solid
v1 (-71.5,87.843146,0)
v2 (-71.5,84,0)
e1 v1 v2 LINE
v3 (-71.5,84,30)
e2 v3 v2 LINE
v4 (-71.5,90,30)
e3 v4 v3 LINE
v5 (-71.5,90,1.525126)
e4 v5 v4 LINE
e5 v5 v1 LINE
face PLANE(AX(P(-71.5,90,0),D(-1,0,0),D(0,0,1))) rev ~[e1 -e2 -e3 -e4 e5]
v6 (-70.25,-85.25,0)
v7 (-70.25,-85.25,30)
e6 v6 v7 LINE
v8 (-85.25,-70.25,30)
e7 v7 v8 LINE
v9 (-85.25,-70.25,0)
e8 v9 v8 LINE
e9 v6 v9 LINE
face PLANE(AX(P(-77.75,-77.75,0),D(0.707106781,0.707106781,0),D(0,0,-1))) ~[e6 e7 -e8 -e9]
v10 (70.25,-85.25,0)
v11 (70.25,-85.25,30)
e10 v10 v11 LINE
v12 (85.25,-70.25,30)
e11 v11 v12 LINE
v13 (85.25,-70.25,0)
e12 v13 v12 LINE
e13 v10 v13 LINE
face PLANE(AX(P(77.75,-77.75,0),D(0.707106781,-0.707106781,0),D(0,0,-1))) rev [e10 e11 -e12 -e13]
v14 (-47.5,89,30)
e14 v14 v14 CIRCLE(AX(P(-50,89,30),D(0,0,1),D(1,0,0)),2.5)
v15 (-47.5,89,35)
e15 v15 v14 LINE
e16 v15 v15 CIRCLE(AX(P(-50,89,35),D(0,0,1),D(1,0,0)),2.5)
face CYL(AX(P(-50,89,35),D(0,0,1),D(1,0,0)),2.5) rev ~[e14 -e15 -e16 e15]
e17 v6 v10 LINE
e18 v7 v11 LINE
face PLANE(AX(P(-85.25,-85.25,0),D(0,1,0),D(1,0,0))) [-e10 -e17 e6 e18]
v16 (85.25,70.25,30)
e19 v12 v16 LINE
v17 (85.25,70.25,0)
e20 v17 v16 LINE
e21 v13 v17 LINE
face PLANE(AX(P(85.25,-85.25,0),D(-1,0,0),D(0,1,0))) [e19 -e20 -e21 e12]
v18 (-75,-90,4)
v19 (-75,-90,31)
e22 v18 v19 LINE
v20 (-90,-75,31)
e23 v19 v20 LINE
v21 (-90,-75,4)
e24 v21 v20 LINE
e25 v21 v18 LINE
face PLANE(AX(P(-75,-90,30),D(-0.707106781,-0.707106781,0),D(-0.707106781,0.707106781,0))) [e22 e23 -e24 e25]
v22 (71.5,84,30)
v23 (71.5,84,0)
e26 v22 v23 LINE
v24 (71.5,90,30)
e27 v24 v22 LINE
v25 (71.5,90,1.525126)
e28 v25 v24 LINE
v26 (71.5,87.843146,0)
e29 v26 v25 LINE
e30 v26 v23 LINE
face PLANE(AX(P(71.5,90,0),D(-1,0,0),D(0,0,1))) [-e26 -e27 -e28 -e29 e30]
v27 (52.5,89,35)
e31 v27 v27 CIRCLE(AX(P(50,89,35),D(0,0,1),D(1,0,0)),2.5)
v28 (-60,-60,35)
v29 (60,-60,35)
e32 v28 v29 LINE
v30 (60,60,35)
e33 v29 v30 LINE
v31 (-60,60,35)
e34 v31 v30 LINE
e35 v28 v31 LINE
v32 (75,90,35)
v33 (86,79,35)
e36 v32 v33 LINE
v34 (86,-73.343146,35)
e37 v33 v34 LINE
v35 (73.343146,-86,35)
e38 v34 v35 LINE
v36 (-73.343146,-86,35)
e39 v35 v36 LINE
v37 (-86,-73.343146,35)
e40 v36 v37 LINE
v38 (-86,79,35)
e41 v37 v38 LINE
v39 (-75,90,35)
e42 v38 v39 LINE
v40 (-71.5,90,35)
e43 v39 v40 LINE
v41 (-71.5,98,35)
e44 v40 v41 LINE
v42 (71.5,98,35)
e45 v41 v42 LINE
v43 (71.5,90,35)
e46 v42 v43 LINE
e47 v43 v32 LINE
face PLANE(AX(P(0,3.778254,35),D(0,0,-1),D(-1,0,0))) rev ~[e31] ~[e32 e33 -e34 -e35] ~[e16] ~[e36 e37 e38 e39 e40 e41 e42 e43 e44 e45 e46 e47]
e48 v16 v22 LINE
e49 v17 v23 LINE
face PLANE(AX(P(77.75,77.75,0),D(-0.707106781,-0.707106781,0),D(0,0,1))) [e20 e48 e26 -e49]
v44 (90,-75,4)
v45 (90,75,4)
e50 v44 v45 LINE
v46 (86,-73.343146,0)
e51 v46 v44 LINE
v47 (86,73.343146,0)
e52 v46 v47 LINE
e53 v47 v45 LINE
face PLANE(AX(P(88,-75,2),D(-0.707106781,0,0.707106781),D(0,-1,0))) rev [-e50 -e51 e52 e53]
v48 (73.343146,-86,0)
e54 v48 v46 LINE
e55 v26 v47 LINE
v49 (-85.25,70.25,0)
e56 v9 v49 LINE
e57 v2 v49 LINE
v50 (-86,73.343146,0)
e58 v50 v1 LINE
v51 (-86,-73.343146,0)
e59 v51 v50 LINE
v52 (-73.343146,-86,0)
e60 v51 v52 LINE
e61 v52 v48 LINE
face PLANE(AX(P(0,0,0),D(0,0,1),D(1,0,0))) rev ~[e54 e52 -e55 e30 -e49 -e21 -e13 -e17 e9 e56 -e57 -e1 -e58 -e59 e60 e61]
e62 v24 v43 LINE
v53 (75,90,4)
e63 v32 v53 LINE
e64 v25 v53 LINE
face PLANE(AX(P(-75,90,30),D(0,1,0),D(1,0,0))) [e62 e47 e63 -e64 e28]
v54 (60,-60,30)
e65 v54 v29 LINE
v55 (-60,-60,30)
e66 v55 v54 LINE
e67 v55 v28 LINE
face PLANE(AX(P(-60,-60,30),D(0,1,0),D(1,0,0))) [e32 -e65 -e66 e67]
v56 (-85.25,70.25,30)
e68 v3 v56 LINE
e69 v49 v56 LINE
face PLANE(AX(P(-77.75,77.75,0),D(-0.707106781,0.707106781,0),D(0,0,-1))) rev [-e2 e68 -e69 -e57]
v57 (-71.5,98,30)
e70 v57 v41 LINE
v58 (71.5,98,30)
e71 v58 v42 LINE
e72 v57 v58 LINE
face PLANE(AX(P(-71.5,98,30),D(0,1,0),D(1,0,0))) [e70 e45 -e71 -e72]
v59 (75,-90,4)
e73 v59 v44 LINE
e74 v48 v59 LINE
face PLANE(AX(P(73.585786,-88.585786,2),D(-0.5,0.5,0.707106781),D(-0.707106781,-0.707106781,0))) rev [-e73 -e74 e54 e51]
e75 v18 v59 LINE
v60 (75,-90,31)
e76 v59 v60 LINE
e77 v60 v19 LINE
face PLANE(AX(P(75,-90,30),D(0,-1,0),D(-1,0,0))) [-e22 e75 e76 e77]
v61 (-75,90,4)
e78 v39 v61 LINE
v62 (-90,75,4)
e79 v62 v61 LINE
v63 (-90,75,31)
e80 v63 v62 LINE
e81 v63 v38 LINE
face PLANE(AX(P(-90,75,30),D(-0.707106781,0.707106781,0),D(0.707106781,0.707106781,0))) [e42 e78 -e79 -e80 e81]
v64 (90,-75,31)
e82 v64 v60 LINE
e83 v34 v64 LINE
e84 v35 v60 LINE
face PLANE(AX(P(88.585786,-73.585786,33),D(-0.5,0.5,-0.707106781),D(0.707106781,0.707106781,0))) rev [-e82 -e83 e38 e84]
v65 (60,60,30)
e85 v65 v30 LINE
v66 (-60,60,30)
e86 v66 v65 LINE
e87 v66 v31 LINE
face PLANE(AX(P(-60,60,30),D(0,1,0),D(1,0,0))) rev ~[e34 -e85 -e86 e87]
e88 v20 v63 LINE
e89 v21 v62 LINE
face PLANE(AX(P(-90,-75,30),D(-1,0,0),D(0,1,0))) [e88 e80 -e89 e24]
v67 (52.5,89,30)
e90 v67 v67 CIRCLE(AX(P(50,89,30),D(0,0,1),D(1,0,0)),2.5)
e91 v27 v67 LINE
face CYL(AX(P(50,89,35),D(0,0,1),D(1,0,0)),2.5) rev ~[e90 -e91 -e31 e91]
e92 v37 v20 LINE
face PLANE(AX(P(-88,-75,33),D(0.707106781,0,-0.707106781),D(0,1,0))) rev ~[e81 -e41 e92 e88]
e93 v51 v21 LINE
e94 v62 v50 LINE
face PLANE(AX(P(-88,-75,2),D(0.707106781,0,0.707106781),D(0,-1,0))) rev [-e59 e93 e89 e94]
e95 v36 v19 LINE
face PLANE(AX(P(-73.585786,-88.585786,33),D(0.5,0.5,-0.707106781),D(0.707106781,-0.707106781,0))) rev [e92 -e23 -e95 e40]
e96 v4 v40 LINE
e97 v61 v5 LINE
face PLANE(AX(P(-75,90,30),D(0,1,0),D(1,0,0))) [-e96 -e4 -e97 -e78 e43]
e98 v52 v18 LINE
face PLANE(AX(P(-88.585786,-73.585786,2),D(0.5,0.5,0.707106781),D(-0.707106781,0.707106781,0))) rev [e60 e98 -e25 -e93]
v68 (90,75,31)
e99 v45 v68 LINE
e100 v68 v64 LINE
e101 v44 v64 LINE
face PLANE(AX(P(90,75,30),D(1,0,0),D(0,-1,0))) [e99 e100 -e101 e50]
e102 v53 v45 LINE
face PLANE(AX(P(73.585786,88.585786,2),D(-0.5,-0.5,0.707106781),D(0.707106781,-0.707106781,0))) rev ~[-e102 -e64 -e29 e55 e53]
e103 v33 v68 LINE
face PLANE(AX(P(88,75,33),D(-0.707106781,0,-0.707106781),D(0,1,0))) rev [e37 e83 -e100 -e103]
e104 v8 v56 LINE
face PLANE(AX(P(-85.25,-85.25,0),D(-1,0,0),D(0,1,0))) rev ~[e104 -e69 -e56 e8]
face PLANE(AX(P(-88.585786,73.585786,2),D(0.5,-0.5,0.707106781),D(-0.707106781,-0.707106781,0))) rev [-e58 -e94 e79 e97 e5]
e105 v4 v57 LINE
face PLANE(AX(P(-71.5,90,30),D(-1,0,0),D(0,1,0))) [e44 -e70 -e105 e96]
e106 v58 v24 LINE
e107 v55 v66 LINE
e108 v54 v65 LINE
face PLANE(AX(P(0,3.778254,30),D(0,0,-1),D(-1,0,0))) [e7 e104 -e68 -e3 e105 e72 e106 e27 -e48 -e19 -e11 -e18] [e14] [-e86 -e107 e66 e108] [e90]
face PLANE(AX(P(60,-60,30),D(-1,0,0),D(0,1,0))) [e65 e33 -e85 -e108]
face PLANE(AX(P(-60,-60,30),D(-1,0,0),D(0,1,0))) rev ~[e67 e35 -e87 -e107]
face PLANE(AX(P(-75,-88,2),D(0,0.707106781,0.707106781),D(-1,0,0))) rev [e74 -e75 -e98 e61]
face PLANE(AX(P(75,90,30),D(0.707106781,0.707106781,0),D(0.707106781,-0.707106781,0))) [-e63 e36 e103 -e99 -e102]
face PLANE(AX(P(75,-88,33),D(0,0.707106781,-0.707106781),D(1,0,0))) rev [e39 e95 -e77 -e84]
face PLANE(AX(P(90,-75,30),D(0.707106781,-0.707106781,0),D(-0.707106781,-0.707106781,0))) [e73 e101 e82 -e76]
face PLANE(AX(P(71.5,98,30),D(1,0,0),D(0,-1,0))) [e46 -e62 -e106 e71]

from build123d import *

# Parameters (mm, degrees)
SKETCH_W        = 180
SKETCH_H        = 180
SKETCH_W_2      = 170.5
SKETCH_H_2      = 170.5
PAD_DEPTH       = 30
CHAMFER_SIZE    = 15
SKETCH001_W     = 120
SKETCH001_H     = 120
PAD001_DEPTH    = 5
SKETCH002_W     = 143
SKETCH002_H     = 30
POCKET_DEPTH    = 10
SKETCH003_R     = 2.5
POCKET001_DEPTH = 35.001
CHAMFER001_SIZE = 4
CHAMFER002_SIZE = 4


with BuildPart() as part:
    # Sketch → Pad (new body)
    with BuildSketch(Plane.XY):
        Rectangle(SKETCH_W, SKETCH_H)
        Rectangle(SKETCH_W_2, SKETCH_H_2, mode=Mode.SUBTRACT)
    extrude(amount=PAD_DEPTH)

    # Chamfer
    chamfer_edges = [part.edges().sort_by_distance(p)[0] for p in [
        (-90, -90, 15),
        (-85.25, -85.25, 15),
        (-85.25, 85.25, 15),
        (-90, 90, 15),
        (85.25, 85.25, 15),
        (90, 90, 15),
        (85.25, -85.25, 15),
        (90, -90, 15),
    ]]
    chamfer(chamfer_edges, length=CHAMFER_SIZE)

    # Sketch001 (on Face5 of Chamfer) → Pad001 (join)
    with BuildSketch(Plane.XY.offset(30)):
        Polygon((-90, -75), (-90, 75), (-75, 90), (-71.5, 90), (-71.5, 98), (71.5, 98), (71.5, 90), (75, 90), (90, 75), (90, -75), (75, -90), (-75, -90), align=None)
        Rectangle(SKETCH001_W, SKETCH001_H, mode=Mode.SUBTRACT)
    extrude(amount=PAD001_DEPTH)

    # Sketch002 (on Face24 of Pad001) → Pocket (cut)
    with BuildSketch(Plane(origin=(0, 90, 0), x_dir=(-1, 0, 0), z_dir=(0, 1, 0))):
        with Locations((0, 15)):
            Rectangle(SKETCH002_W, SKETCH002_H)
    extrude(amount=-POCKET_DEPTH, mode=Mode.SUBTRACT)

    # Sketch003 (on Face20 of Pocket) → Pocket001 (cut, through all)
    with BuildSketch(Plane.XY.offset(35)):
        with Locations((-50, 89)):
            Circle(SKETCH003_R)
        with Locations((50, 89)):
            Circle(SKETCH003_R)
    extrude(amount=-POCKET001_DEPTH, mode=Mode.SUBTRACT)

    # Chamfer001
    chamfer001_edges = [part.edges().sort_by_distance(p)[0] for p in [
        (90, 0, 35),
        (82.5, -82.5, 35),
        (0, -90, 35),
        (-82.5, -82.5, 35),
        (-90, 0, 35),
    ]]
    chamfer(chamfer001_edges, length=CHAMFER001_SIZE)

    # Chamfer002
    chamfer002_edges = [part.edges().sort_by_distance(p)[0] for p in [
        (82.5, 82.5, 0),
        (90, 0, 0),
        (82.5, -82.5, 0),
        (0, -90, 0),
        (-82.5, -82.5, 0),
        (-90, 0, 0),
        (-82.5, 82.5, 0),
    ]]
    chamfer(chamfer002_edges, length=CHAMFER002_SIZE)


solid = part.part
